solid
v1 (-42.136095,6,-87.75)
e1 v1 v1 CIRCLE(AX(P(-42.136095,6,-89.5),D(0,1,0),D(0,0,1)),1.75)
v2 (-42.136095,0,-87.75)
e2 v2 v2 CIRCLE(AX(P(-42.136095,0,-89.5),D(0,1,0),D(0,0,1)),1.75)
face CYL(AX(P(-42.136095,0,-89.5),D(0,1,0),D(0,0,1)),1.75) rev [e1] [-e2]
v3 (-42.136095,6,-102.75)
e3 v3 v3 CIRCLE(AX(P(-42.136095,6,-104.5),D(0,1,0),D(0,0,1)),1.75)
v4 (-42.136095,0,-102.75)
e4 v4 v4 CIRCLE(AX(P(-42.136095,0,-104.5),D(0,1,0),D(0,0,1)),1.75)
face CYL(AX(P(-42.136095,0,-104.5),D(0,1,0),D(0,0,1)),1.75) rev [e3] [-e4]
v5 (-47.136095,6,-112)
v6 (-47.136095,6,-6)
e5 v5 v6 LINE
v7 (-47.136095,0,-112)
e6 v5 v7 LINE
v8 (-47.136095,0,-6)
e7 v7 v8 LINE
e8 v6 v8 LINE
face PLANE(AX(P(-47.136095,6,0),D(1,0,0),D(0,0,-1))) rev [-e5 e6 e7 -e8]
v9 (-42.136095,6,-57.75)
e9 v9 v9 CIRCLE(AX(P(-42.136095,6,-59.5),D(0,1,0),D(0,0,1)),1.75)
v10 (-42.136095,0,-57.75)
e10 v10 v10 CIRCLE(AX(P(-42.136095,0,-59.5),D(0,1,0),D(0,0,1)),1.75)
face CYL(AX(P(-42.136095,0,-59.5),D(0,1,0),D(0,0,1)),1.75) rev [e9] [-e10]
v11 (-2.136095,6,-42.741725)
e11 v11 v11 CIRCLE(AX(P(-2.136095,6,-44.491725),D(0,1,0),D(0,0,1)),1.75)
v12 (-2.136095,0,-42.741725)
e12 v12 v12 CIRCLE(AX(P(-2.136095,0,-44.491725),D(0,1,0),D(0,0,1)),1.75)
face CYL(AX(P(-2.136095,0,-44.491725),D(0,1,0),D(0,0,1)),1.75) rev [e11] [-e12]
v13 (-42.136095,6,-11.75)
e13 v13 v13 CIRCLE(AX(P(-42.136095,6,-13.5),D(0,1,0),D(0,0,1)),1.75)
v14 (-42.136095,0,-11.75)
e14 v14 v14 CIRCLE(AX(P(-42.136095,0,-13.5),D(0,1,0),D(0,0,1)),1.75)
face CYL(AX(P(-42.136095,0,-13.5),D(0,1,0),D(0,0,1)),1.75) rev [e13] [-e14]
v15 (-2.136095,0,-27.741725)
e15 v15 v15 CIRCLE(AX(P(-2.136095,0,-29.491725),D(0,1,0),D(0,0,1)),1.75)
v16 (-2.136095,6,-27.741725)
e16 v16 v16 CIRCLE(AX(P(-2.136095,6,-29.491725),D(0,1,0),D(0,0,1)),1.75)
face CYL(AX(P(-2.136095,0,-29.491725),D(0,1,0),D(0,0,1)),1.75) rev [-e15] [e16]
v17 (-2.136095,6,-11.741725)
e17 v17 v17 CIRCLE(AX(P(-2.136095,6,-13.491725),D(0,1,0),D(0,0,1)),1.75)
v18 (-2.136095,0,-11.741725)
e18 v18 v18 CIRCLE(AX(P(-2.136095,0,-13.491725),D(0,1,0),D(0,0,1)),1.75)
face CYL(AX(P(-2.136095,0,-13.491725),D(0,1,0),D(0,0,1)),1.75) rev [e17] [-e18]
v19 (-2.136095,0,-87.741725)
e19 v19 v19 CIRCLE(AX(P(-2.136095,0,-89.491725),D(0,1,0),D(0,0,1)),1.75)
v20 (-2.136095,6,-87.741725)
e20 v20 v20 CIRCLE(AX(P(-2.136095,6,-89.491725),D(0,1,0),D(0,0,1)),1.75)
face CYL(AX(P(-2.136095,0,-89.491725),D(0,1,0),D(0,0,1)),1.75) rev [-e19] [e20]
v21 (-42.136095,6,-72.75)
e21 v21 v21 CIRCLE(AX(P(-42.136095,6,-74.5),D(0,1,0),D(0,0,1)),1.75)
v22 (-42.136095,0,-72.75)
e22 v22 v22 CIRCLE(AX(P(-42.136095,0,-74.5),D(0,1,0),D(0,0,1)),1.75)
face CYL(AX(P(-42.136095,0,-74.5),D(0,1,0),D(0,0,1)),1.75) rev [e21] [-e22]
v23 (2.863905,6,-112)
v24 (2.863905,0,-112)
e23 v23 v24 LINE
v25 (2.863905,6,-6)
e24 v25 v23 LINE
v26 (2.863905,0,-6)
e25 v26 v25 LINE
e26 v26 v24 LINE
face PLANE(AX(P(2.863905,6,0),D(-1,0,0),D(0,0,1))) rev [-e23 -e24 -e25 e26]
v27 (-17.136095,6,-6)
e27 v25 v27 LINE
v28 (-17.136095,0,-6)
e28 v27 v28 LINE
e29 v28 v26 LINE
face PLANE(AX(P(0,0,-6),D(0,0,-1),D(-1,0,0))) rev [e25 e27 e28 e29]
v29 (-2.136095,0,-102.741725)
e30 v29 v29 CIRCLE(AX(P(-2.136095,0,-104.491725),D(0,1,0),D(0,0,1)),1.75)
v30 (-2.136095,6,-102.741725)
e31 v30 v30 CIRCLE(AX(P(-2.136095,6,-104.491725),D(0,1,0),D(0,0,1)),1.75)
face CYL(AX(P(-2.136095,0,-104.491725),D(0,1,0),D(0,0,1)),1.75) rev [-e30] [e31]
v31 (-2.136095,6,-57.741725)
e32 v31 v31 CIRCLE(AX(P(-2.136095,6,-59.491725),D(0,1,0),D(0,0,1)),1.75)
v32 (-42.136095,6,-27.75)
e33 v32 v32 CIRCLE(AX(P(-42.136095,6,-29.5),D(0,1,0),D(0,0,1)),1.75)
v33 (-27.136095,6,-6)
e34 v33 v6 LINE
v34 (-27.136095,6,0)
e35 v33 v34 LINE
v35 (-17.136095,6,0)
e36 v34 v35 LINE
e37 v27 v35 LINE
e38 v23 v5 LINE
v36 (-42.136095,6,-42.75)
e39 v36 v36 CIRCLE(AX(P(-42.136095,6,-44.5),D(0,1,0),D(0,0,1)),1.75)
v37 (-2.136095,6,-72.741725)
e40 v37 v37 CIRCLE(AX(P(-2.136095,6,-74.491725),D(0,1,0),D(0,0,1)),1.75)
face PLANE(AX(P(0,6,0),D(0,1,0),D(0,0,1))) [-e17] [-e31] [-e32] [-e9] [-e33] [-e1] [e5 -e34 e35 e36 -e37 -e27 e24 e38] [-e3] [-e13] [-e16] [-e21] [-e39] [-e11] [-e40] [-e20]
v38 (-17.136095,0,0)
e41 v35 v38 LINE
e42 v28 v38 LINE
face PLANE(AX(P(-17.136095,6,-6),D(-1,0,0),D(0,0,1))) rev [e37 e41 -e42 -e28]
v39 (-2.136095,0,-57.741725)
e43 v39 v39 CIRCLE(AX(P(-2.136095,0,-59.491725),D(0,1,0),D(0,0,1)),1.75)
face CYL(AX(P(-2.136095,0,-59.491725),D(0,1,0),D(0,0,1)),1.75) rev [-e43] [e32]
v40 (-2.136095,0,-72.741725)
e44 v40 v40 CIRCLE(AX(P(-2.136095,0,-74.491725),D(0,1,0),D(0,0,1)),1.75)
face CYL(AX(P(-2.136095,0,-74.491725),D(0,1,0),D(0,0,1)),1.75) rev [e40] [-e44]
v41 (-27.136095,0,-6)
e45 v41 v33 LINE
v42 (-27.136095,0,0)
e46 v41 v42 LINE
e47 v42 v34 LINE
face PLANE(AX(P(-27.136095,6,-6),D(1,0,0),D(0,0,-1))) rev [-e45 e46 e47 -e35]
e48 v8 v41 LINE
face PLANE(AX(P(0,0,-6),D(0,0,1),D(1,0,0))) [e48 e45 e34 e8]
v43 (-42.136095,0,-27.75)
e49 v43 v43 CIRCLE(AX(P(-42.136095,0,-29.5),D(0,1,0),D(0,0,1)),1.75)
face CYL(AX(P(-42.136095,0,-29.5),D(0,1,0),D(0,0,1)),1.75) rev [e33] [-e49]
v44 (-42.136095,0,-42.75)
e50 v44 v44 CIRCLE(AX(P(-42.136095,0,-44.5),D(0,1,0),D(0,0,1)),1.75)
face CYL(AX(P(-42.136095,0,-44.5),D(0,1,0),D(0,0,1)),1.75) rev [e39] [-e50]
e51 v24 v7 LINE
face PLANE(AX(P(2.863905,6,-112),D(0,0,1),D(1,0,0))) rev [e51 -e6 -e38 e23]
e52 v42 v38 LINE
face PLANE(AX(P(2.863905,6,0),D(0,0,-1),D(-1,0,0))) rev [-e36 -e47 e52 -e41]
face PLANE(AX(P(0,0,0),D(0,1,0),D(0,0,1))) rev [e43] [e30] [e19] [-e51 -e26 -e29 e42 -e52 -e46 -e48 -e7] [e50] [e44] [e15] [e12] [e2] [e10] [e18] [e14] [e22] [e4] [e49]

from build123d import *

# Parameters (mm, degrees)
ESBO_O1_W                = 50
ESBO_O1_H                = 112
RESSALTO_EXTRUS_O1_DEPTH = 6
ESBO_O2_W                = 20
ESBO_O2_H                = 6
CORTE_EXTRUS_O1_DEPTH    = 6
ESBO_O5_R                = 1.75
CORTE_EXTRUS_O3_DEPTH    = 6


with BuildPart() as part:
    # Esboço1 → Ressalto-extrusão1 (new body)
    with BuildSketch(Plane(origin=(0, 0, 0), x_dir=(1, 0, 0), z_dir=(0, 1, 0))):
        with Locations((-22.136094675, 56)):
            Rectangle(ESBO_O1_W, ESBO_O1_H)
    extrude(amount=RESSALTO_EXTRUS_O1_DEPTH)

    # Esboço2 → Corte-extrusão1 (cut)
    with BuildSketch(Plane.XY):
        with Locations((-37.136094675, 3)):
            Rectangle(ESBO_O2_W, ESBO_O2_H)
        with Locations((-7.136094675, 3)):
            Rectangle(ESBO_O2_W, ESBO_O2_H)
    extrude(amount=-CORTE_EXTRUS_O1_DEPTH, mode=Mode.SUBTRACT)

    # Esboço5 → Corte-extrusão3 (cut)
    with BuildSketch(Plane(origin=(0, 6, 0), x_dir=(1, 0, 0), z_dir=(0, 1, 0))):
        with Locations(Location((-42.136094675, 104.5, 0), (0, 0, 270))):
            Circle(ESBO_O5_R)
        with Locations(Location((-42.136094675, 89.5, 0), (0, 0, 270))):
            Circle(ESBO_O5_R)
        with Locations(Location((-42.136094675, 74.5, 0), (0, 0, 270))):
            Circle(ESBO_O5_R)
        with Locations(Location((-42.136094675, 59.5, 0), (0, 0, 270))):
            Circle(ESBO_O5_R)
        with Locations(Location((-42.136094675, 44.5, 0), (0, 0, 270))):
            Circle(ESBO_O5_R)
        with Locations(Location((-42.136094675, 13.5, 0), (0, 0, 270))):
            Circle(ESBO_O5_R)
        with Locations(Location((-42.136094675, 29.5, 0), (0, 0, 270))):
            Circle(ESBO_O5_R)
        with Locations(Location((-2.136094675, 104.491725396, 0), (0, 0, 270))):
            Circle(ESBO_O5_R)
        with Locations(Location((-2.136094675, 89.491725396, 0), (0, 0, 270))):
            Circle(ESBO_O5_R)
        with Locations(Location((-2.136094675, 74.491725396, 0), (0, 0, 270))):
            Circle(ESBO_O5_R)
        with Locations(Location((-2.136094675, 59.491725396, 0), (0, 0, 270))):
            Circle(ESBO_O5_R)
        with Locations(Location((-2.136094675, 44.491725396, 0), (0, 0, 270))):
            Circle(ESBO_O5_R)
        with Locations(Location((-2.136094675, 13.491725396, 0), (0, 0, 270))):
            Circle(ESBO_O5_R)
        with Locations(Location((-2.136094675, 29.491725396, 0), (0, 0, 270))):
            Circle(ESBO_O5_R)
    extrude(amount=-CORTE_EXTRUS_O3_DEPTH, mode=Mode.SUBTRACT)


solid = part.part
